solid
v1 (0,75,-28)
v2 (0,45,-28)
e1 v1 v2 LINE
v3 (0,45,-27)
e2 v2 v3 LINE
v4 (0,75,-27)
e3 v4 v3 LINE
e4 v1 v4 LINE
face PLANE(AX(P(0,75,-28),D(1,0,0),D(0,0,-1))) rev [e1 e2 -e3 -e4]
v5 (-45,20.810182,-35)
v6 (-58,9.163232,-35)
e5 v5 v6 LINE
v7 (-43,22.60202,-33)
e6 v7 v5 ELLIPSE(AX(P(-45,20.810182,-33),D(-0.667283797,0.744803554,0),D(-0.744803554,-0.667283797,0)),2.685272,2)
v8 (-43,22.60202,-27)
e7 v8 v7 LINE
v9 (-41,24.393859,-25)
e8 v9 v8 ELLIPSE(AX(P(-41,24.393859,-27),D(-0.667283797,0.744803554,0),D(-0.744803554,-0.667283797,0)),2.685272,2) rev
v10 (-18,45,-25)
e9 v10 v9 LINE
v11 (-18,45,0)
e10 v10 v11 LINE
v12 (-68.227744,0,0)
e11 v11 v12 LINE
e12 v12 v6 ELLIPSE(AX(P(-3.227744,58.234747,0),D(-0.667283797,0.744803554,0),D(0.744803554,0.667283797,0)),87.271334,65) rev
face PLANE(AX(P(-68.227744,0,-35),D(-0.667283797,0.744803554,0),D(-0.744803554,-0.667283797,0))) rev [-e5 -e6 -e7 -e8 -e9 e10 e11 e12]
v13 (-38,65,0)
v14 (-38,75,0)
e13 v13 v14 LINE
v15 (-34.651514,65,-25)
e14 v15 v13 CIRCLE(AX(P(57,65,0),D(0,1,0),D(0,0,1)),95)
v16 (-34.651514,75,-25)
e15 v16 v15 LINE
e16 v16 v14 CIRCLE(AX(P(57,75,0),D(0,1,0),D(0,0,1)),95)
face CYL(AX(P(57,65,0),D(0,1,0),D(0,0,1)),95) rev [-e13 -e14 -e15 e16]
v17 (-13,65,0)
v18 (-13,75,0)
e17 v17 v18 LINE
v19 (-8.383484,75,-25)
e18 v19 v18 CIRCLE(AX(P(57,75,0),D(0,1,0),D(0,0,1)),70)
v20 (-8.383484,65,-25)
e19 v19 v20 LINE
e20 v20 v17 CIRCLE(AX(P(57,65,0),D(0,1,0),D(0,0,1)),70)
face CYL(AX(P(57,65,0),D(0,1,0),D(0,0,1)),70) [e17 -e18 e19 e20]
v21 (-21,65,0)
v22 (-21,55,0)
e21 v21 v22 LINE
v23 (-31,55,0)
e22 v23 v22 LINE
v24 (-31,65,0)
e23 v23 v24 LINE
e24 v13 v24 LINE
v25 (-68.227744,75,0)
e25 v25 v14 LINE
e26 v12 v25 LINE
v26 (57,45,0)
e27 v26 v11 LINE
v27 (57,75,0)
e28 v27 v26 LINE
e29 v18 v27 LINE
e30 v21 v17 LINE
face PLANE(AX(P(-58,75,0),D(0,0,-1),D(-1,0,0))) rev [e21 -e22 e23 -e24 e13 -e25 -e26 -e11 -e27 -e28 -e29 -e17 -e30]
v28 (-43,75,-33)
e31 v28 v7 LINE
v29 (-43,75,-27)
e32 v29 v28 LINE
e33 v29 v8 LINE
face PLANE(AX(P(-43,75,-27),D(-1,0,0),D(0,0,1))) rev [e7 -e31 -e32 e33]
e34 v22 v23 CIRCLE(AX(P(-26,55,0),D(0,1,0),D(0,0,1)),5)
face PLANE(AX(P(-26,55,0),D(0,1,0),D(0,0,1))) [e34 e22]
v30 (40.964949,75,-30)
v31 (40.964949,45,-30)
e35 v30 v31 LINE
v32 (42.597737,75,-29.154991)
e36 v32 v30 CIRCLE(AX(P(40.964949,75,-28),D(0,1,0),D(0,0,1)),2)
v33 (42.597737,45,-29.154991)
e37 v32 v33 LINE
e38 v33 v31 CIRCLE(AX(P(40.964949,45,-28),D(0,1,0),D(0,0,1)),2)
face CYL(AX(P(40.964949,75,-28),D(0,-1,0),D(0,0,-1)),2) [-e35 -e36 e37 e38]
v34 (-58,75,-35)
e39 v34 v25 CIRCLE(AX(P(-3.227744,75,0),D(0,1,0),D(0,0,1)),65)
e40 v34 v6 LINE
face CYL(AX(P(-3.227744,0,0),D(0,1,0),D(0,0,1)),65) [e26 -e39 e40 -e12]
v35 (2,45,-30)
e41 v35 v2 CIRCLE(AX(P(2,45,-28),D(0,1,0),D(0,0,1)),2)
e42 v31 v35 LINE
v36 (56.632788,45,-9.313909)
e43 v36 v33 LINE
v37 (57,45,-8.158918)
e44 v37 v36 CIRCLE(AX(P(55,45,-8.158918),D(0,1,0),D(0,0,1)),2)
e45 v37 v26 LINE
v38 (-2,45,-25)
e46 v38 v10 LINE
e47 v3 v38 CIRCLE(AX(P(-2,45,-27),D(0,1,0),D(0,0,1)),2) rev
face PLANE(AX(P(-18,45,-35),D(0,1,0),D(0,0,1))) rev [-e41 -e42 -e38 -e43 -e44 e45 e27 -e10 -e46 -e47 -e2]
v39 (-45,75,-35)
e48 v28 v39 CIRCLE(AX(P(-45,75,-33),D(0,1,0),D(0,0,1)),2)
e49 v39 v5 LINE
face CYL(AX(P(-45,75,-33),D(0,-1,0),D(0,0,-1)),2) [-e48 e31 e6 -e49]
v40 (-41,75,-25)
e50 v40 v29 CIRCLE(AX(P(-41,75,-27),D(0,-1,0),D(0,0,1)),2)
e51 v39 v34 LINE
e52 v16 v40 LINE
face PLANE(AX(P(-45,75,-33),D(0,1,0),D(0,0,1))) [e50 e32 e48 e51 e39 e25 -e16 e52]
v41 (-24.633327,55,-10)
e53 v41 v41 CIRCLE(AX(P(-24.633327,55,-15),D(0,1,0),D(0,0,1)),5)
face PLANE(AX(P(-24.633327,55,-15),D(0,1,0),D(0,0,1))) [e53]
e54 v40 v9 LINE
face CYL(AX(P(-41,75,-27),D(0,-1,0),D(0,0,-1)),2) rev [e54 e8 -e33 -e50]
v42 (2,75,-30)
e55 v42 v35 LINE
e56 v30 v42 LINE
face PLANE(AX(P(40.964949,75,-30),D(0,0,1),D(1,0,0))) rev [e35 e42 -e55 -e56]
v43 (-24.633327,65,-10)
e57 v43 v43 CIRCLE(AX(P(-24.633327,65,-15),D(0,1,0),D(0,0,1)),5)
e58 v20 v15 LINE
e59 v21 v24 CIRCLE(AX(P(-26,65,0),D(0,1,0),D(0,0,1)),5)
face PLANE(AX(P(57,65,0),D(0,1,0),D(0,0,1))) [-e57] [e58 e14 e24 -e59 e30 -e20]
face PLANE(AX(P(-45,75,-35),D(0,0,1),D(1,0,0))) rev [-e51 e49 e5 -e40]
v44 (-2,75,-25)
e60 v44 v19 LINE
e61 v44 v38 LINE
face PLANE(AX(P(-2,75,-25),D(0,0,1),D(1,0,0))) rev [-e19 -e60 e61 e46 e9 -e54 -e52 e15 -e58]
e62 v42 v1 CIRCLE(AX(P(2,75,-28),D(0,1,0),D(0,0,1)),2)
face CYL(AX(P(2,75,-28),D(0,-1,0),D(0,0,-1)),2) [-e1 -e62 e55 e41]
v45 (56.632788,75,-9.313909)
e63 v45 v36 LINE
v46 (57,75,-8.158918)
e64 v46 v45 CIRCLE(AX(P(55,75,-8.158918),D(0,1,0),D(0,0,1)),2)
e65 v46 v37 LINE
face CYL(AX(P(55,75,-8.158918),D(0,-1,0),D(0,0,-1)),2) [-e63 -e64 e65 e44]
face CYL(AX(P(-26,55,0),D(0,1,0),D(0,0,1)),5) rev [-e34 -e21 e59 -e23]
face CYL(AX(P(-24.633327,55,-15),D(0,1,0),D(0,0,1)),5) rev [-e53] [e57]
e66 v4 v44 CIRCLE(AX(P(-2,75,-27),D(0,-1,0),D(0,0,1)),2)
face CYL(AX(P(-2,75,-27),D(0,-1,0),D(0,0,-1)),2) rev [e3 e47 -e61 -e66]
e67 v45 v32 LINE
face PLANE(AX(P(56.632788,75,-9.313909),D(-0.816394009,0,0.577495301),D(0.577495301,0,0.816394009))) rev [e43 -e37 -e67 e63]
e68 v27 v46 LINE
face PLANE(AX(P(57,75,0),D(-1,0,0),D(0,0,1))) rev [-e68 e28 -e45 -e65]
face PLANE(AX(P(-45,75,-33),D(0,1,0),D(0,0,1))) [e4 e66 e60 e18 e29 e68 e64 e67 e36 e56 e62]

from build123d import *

# Parameters (mm, degrees)
BOSS_EXTRUDE1_DEPTH = 75
SKETCH8_R           = 95
SKETCH8_R_2         = 70
CUT_EXTRUDE6_DEPTH  = 10
SKETCH9_R           = 5
CUT_EXTRUDE7_DEPTH  = 10
BOSS_EXTRUDE2_DEPTH = 75
CUT_EXTRUDE10_DEPTH = 108.26147997


with BuildPart() as part:
    # Sketch1 → Boss-Extrude1 (new body)
    with BuildSketch(Plane(origin=(0, 0, 0), x_dir=(1, 0, 0), z_dir=(0, 1, 0))):
        with BuildLine():
            Line((-58, 0), (57, 0))
            Line((57, 0), (57, 8.158918194))
            ThreePointArc((57, 8.158918194), (56.905987413, 8.764898378), (56.632788017, 9.313908796))
            Line((56.632788017, 9.313908796), (42.597737063, 29.154990602))
            ThreePointArc((42.597737063, 29.154990602), (41.884192973, 29.776229321), (40.964949045, 30))
            Line((40.964949045, 30), (2, 30))
            ThreePointArc((2, 30), (0.585786438, 29.414213562), (0, 28))
            Line((0, 28), (0, 27))
            ThreePointArc((0, 27), (-0.585786438, 25.585786438), (-2, 25))
            Line((-2, 25), (-41, 25))
            ThreePointArc((-41, 25), (-42.414213562, 25.585786438), (-43, 27))
            Line((-43, 27), (-43, 33))
            ThreePointArc((-43, 33), (-43.585786438, 34.414213562), (-45, 35))
            Line((-45, 35), (-58, 35))
            Line((-58, 35), (-58, 0))
        make_face()
    extrude(amount=BOSS_EXTRUDE1_DEPTH)

    # Sketch8 → Cut-Extrude6 (cut)
    with BuildSketch(Plane(origin=(0, 75, 0), x_dir=(1, 0, 0), z_dir=(0, 1, 0))):
        with Locations((57, 0)):
            Circle(SKETCH8_R)
        with Locations((57, 0)):
            Circle(SKETCH8_R_2, mode=Mode.SUBTRACT)
    extrude(amount=-CUT_EXTRUDE6_DEPTH, mode=Mode.SUBTRACT)

    # Sketch9 → Cut-Extrude7 (cut)
    with BuildSketch(Plane(origin=(0, 65, 0), x_dir=(1, 0, 0), z_dir=(0, 1, 0))):
        with Locations((-26, 0)):
            Circle(SKETCH9_R)
        with Locations(Location((-24.633326528, 15, 0), (0, 0, 270))):
            Circle(SKETCH9_R)
    extrude(amount=-CUT_EXTRUDE7_DEPTH, mode=Mode.SUBTRACT)

    # Sketch11 → Boss-Extrude2 (add)
    with BuildSketch(Plane(origin=(0, 75, 0), x_dir=(1, 0, 0), z_dir=(0, 1, 0))):
        with BuildLine():
            Line((-68.227744249, 0), (-58, 0))
            Line((-58, 0), (-58, 35))
            ThreePointArc((-58, 35), (-65.618435157, 18.231886576), (-68.227744249, 0))
        make_face()
    extrude(amount=-BOSS_EXTRUDE2_DEPTH)

    # Sketch12 → Cut-Extrude10 (cut, through all)
    with BuildSketch(Plane.XY):
        Polygon((57, 0), (-68.227744249, 0), (-18, 45), (57, 45), align=None)
    extrude(amount=-CUT_EXTRUDE10_DEPTH, mode=Mode.SUBTRACT)


solid = part.part
